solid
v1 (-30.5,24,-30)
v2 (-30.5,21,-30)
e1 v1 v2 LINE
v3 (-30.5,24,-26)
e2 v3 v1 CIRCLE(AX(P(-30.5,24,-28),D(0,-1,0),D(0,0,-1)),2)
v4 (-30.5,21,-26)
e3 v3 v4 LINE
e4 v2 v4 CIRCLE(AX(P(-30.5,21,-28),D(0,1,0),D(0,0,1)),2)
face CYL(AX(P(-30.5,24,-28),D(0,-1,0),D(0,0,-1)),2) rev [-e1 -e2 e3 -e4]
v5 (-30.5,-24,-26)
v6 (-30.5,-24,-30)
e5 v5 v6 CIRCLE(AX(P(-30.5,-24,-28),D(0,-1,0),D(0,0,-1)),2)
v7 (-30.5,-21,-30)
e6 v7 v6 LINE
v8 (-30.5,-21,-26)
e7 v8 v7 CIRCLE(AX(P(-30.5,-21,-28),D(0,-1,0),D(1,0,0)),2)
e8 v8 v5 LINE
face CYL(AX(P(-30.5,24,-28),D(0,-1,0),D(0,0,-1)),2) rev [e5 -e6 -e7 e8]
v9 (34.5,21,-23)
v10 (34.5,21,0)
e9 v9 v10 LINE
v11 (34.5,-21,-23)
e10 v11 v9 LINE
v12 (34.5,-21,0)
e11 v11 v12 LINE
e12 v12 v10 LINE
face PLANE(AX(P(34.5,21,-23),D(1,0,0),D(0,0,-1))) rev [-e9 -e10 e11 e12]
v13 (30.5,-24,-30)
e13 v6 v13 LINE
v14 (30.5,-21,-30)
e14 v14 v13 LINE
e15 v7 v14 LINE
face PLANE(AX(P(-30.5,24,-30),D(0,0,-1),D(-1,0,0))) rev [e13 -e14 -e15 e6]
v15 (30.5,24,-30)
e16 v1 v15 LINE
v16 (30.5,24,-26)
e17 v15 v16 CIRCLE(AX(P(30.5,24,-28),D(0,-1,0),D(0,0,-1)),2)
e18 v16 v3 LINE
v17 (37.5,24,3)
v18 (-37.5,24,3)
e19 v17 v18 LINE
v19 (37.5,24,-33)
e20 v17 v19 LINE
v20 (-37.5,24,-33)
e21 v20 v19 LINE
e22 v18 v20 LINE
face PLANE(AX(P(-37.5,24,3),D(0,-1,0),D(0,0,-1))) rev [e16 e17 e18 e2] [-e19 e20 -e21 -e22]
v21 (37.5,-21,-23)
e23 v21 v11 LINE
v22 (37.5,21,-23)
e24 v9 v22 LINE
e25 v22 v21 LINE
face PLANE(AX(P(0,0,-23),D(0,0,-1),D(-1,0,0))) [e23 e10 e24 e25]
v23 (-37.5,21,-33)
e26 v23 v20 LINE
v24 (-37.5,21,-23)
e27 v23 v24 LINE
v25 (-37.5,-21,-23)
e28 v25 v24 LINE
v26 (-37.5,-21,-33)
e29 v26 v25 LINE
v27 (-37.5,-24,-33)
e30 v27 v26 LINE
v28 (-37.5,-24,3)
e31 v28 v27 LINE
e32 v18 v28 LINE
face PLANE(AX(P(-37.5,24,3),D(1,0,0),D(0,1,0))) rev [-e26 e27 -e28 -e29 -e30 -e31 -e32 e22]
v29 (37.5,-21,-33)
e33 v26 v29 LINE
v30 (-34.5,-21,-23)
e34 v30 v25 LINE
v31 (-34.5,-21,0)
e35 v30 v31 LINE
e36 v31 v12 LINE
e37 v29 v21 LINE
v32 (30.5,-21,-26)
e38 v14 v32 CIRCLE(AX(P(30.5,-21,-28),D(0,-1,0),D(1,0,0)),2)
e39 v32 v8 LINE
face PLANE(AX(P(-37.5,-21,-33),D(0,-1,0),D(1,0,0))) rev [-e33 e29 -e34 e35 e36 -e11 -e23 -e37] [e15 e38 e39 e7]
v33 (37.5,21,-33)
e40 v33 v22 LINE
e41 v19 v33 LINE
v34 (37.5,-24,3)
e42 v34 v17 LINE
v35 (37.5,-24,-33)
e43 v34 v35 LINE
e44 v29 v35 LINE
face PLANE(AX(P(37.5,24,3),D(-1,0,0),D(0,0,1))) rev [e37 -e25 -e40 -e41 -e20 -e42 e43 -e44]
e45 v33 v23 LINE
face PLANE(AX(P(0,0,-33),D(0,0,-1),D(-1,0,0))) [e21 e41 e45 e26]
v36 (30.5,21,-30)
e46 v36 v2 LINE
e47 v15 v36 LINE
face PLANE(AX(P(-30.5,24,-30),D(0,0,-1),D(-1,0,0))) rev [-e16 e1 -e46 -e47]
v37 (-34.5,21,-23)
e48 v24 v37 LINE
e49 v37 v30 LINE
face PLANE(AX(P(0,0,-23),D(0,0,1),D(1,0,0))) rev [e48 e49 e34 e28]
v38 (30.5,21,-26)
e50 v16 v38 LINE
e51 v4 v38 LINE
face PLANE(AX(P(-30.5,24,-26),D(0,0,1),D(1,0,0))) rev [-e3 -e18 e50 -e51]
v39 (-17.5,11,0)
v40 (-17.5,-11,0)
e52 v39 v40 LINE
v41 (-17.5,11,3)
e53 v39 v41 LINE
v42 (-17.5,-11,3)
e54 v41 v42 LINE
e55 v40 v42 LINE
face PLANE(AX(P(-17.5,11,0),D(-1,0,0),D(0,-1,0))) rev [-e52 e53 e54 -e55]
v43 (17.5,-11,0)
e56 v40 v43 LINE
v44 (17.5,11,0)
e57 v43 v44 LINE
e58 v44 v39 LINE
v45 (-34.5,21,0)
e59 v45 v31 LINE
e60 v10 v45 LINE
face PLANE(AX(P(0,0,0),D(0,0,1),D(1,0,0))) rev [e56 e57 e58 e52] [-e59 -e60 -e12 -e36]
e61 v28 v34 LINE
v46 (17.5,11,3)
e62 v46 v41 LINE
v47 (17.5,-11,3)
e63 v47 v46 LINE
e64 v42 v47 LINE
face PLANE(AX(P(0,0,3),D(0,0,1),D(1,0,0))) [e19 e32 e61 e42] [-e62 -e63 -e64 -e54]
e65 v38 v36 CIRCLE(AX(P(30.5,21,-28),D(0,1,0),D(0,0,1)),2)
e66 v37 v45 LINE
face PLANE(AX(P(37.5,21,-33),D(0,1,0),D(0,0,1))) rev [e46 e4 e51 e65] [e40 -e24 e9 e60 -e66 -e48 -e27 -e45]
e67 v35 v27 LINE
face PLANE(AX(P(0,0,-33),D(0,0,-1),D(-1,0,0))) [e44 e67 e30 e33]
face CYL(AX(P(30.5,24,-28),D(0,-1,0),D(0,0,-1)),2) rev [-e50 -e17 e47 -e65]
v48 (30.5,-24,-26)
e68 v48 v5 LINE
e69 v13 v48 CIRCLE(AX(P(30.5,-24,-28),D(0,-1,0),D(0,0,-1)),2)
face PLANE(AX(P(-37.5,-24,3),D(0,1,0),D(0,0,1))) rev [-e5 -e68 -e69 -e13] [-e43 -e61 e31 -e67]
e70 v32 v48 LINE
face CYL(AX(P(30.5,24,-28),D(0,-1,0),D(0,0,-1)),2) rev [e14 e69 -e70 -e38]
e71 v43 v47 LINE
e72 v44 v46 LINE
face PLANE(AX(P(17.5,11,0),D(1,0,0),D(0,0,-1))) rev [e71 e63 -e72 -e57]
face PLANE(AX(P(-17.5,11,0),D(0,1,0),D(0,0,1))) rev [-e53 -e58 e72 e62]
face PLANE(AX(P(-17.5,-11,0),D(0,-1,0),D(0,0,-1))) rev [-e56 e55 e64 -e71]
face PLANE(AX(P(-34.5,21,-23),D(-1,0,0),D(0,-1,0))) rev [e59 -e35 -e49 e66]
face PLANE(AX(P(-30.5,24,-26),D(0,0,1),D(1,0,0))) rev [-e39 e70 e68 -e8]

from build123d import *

# Parameters (mm, degrees)
SKETCH1_W           = 75
SKETCH1_H           = 48
BOSS_EXTRUDE1_DEPTH = 3
SKETCH2_W           = 35
SKETCH2_H           = 22
CUT_EXTRUDE1_DEPTH  = 3
SKETCH3_W           = 75
SKETCH3_H           = 3
BOSS_EXTRUDE2_DEPTH = 33
SKETCH4_W           = 3
SKETCH4_H           = 42
BOSS_EXTRUDE3_DEPTH = 23
CUT_EXTRUDE2_DEPTH  = 70.276619433


with BuildPart() as part:
    # Sketch1 → Boss-Extrude1 (new body)
    with BuildSketch(Plane.XY):
        Rectangle(SKETCH1_W, SKETCH1_H)
    extrude(amount=BOSS_EXTRUDE1_DEPTH)

    # Sketch2 → Cut-Extrude1 (cut)
    with BuildSketch(Plane.XY.offset(3)):
        Rectangle(SKETCH2_W, SKETCH2_H)
    extrude(amount=-CUT_EXTRUDE1_DEPTH, mode=Mode.SUBTRACT)

    # Sketch3 → Boss-Extrude2 (add)
    with BuildSketch(Plane(origin=(0, 0, 0), x_dir=(-1, 0, 0), z_dir=(0, 0, -1))):
        with Locations((0, 22.5)):
            Rectangle(SKETCH3_W, SKETCH3_H)
        with Locations((0, -22.5)):
            Rectangle(SKETCH3_W, SKETCH3_H)
    extrude(amount=BOSS_EXTRUDE2_DEPTH)

    # Sketch4 → Boss-Extrude3 (add)
    with BuildSketch(Plane(origin=(0, 0, 0), x_dir=(-1, 0, 0), z_dir=(0, 0, -1))):
        with Locations((-36, 0)):
            Rectangle(SKETCH4_W, SKETCH4_H)
        with Locations((36, 0)):
            Rectangle(SKETCH4_W, SKETCH4_H)
    extrude(amount=BOSS_EXTRUDE3_DEPTH)

    # Sketch5 → Cut-Extrude2 (cut, through all)
    with BuildSketch(Plane.XZ.offset(24)):
        with BuildLine():
            Line((-30.5, -26), (30.5, -26))
            ThreePointArc((30.5, -26), (32.5, -28), (30.5, -30))
            Line((30.5, -30), (-30.5, -30))
            ThreePointArc((-30.5, -30), (-32.5, -28), (-30.5, -26))
        make_face()
    extrude(amount=-CUT_EXTRUDE2_DEPTH, mode=Mode.SUBTRACT)


solid = part.part
